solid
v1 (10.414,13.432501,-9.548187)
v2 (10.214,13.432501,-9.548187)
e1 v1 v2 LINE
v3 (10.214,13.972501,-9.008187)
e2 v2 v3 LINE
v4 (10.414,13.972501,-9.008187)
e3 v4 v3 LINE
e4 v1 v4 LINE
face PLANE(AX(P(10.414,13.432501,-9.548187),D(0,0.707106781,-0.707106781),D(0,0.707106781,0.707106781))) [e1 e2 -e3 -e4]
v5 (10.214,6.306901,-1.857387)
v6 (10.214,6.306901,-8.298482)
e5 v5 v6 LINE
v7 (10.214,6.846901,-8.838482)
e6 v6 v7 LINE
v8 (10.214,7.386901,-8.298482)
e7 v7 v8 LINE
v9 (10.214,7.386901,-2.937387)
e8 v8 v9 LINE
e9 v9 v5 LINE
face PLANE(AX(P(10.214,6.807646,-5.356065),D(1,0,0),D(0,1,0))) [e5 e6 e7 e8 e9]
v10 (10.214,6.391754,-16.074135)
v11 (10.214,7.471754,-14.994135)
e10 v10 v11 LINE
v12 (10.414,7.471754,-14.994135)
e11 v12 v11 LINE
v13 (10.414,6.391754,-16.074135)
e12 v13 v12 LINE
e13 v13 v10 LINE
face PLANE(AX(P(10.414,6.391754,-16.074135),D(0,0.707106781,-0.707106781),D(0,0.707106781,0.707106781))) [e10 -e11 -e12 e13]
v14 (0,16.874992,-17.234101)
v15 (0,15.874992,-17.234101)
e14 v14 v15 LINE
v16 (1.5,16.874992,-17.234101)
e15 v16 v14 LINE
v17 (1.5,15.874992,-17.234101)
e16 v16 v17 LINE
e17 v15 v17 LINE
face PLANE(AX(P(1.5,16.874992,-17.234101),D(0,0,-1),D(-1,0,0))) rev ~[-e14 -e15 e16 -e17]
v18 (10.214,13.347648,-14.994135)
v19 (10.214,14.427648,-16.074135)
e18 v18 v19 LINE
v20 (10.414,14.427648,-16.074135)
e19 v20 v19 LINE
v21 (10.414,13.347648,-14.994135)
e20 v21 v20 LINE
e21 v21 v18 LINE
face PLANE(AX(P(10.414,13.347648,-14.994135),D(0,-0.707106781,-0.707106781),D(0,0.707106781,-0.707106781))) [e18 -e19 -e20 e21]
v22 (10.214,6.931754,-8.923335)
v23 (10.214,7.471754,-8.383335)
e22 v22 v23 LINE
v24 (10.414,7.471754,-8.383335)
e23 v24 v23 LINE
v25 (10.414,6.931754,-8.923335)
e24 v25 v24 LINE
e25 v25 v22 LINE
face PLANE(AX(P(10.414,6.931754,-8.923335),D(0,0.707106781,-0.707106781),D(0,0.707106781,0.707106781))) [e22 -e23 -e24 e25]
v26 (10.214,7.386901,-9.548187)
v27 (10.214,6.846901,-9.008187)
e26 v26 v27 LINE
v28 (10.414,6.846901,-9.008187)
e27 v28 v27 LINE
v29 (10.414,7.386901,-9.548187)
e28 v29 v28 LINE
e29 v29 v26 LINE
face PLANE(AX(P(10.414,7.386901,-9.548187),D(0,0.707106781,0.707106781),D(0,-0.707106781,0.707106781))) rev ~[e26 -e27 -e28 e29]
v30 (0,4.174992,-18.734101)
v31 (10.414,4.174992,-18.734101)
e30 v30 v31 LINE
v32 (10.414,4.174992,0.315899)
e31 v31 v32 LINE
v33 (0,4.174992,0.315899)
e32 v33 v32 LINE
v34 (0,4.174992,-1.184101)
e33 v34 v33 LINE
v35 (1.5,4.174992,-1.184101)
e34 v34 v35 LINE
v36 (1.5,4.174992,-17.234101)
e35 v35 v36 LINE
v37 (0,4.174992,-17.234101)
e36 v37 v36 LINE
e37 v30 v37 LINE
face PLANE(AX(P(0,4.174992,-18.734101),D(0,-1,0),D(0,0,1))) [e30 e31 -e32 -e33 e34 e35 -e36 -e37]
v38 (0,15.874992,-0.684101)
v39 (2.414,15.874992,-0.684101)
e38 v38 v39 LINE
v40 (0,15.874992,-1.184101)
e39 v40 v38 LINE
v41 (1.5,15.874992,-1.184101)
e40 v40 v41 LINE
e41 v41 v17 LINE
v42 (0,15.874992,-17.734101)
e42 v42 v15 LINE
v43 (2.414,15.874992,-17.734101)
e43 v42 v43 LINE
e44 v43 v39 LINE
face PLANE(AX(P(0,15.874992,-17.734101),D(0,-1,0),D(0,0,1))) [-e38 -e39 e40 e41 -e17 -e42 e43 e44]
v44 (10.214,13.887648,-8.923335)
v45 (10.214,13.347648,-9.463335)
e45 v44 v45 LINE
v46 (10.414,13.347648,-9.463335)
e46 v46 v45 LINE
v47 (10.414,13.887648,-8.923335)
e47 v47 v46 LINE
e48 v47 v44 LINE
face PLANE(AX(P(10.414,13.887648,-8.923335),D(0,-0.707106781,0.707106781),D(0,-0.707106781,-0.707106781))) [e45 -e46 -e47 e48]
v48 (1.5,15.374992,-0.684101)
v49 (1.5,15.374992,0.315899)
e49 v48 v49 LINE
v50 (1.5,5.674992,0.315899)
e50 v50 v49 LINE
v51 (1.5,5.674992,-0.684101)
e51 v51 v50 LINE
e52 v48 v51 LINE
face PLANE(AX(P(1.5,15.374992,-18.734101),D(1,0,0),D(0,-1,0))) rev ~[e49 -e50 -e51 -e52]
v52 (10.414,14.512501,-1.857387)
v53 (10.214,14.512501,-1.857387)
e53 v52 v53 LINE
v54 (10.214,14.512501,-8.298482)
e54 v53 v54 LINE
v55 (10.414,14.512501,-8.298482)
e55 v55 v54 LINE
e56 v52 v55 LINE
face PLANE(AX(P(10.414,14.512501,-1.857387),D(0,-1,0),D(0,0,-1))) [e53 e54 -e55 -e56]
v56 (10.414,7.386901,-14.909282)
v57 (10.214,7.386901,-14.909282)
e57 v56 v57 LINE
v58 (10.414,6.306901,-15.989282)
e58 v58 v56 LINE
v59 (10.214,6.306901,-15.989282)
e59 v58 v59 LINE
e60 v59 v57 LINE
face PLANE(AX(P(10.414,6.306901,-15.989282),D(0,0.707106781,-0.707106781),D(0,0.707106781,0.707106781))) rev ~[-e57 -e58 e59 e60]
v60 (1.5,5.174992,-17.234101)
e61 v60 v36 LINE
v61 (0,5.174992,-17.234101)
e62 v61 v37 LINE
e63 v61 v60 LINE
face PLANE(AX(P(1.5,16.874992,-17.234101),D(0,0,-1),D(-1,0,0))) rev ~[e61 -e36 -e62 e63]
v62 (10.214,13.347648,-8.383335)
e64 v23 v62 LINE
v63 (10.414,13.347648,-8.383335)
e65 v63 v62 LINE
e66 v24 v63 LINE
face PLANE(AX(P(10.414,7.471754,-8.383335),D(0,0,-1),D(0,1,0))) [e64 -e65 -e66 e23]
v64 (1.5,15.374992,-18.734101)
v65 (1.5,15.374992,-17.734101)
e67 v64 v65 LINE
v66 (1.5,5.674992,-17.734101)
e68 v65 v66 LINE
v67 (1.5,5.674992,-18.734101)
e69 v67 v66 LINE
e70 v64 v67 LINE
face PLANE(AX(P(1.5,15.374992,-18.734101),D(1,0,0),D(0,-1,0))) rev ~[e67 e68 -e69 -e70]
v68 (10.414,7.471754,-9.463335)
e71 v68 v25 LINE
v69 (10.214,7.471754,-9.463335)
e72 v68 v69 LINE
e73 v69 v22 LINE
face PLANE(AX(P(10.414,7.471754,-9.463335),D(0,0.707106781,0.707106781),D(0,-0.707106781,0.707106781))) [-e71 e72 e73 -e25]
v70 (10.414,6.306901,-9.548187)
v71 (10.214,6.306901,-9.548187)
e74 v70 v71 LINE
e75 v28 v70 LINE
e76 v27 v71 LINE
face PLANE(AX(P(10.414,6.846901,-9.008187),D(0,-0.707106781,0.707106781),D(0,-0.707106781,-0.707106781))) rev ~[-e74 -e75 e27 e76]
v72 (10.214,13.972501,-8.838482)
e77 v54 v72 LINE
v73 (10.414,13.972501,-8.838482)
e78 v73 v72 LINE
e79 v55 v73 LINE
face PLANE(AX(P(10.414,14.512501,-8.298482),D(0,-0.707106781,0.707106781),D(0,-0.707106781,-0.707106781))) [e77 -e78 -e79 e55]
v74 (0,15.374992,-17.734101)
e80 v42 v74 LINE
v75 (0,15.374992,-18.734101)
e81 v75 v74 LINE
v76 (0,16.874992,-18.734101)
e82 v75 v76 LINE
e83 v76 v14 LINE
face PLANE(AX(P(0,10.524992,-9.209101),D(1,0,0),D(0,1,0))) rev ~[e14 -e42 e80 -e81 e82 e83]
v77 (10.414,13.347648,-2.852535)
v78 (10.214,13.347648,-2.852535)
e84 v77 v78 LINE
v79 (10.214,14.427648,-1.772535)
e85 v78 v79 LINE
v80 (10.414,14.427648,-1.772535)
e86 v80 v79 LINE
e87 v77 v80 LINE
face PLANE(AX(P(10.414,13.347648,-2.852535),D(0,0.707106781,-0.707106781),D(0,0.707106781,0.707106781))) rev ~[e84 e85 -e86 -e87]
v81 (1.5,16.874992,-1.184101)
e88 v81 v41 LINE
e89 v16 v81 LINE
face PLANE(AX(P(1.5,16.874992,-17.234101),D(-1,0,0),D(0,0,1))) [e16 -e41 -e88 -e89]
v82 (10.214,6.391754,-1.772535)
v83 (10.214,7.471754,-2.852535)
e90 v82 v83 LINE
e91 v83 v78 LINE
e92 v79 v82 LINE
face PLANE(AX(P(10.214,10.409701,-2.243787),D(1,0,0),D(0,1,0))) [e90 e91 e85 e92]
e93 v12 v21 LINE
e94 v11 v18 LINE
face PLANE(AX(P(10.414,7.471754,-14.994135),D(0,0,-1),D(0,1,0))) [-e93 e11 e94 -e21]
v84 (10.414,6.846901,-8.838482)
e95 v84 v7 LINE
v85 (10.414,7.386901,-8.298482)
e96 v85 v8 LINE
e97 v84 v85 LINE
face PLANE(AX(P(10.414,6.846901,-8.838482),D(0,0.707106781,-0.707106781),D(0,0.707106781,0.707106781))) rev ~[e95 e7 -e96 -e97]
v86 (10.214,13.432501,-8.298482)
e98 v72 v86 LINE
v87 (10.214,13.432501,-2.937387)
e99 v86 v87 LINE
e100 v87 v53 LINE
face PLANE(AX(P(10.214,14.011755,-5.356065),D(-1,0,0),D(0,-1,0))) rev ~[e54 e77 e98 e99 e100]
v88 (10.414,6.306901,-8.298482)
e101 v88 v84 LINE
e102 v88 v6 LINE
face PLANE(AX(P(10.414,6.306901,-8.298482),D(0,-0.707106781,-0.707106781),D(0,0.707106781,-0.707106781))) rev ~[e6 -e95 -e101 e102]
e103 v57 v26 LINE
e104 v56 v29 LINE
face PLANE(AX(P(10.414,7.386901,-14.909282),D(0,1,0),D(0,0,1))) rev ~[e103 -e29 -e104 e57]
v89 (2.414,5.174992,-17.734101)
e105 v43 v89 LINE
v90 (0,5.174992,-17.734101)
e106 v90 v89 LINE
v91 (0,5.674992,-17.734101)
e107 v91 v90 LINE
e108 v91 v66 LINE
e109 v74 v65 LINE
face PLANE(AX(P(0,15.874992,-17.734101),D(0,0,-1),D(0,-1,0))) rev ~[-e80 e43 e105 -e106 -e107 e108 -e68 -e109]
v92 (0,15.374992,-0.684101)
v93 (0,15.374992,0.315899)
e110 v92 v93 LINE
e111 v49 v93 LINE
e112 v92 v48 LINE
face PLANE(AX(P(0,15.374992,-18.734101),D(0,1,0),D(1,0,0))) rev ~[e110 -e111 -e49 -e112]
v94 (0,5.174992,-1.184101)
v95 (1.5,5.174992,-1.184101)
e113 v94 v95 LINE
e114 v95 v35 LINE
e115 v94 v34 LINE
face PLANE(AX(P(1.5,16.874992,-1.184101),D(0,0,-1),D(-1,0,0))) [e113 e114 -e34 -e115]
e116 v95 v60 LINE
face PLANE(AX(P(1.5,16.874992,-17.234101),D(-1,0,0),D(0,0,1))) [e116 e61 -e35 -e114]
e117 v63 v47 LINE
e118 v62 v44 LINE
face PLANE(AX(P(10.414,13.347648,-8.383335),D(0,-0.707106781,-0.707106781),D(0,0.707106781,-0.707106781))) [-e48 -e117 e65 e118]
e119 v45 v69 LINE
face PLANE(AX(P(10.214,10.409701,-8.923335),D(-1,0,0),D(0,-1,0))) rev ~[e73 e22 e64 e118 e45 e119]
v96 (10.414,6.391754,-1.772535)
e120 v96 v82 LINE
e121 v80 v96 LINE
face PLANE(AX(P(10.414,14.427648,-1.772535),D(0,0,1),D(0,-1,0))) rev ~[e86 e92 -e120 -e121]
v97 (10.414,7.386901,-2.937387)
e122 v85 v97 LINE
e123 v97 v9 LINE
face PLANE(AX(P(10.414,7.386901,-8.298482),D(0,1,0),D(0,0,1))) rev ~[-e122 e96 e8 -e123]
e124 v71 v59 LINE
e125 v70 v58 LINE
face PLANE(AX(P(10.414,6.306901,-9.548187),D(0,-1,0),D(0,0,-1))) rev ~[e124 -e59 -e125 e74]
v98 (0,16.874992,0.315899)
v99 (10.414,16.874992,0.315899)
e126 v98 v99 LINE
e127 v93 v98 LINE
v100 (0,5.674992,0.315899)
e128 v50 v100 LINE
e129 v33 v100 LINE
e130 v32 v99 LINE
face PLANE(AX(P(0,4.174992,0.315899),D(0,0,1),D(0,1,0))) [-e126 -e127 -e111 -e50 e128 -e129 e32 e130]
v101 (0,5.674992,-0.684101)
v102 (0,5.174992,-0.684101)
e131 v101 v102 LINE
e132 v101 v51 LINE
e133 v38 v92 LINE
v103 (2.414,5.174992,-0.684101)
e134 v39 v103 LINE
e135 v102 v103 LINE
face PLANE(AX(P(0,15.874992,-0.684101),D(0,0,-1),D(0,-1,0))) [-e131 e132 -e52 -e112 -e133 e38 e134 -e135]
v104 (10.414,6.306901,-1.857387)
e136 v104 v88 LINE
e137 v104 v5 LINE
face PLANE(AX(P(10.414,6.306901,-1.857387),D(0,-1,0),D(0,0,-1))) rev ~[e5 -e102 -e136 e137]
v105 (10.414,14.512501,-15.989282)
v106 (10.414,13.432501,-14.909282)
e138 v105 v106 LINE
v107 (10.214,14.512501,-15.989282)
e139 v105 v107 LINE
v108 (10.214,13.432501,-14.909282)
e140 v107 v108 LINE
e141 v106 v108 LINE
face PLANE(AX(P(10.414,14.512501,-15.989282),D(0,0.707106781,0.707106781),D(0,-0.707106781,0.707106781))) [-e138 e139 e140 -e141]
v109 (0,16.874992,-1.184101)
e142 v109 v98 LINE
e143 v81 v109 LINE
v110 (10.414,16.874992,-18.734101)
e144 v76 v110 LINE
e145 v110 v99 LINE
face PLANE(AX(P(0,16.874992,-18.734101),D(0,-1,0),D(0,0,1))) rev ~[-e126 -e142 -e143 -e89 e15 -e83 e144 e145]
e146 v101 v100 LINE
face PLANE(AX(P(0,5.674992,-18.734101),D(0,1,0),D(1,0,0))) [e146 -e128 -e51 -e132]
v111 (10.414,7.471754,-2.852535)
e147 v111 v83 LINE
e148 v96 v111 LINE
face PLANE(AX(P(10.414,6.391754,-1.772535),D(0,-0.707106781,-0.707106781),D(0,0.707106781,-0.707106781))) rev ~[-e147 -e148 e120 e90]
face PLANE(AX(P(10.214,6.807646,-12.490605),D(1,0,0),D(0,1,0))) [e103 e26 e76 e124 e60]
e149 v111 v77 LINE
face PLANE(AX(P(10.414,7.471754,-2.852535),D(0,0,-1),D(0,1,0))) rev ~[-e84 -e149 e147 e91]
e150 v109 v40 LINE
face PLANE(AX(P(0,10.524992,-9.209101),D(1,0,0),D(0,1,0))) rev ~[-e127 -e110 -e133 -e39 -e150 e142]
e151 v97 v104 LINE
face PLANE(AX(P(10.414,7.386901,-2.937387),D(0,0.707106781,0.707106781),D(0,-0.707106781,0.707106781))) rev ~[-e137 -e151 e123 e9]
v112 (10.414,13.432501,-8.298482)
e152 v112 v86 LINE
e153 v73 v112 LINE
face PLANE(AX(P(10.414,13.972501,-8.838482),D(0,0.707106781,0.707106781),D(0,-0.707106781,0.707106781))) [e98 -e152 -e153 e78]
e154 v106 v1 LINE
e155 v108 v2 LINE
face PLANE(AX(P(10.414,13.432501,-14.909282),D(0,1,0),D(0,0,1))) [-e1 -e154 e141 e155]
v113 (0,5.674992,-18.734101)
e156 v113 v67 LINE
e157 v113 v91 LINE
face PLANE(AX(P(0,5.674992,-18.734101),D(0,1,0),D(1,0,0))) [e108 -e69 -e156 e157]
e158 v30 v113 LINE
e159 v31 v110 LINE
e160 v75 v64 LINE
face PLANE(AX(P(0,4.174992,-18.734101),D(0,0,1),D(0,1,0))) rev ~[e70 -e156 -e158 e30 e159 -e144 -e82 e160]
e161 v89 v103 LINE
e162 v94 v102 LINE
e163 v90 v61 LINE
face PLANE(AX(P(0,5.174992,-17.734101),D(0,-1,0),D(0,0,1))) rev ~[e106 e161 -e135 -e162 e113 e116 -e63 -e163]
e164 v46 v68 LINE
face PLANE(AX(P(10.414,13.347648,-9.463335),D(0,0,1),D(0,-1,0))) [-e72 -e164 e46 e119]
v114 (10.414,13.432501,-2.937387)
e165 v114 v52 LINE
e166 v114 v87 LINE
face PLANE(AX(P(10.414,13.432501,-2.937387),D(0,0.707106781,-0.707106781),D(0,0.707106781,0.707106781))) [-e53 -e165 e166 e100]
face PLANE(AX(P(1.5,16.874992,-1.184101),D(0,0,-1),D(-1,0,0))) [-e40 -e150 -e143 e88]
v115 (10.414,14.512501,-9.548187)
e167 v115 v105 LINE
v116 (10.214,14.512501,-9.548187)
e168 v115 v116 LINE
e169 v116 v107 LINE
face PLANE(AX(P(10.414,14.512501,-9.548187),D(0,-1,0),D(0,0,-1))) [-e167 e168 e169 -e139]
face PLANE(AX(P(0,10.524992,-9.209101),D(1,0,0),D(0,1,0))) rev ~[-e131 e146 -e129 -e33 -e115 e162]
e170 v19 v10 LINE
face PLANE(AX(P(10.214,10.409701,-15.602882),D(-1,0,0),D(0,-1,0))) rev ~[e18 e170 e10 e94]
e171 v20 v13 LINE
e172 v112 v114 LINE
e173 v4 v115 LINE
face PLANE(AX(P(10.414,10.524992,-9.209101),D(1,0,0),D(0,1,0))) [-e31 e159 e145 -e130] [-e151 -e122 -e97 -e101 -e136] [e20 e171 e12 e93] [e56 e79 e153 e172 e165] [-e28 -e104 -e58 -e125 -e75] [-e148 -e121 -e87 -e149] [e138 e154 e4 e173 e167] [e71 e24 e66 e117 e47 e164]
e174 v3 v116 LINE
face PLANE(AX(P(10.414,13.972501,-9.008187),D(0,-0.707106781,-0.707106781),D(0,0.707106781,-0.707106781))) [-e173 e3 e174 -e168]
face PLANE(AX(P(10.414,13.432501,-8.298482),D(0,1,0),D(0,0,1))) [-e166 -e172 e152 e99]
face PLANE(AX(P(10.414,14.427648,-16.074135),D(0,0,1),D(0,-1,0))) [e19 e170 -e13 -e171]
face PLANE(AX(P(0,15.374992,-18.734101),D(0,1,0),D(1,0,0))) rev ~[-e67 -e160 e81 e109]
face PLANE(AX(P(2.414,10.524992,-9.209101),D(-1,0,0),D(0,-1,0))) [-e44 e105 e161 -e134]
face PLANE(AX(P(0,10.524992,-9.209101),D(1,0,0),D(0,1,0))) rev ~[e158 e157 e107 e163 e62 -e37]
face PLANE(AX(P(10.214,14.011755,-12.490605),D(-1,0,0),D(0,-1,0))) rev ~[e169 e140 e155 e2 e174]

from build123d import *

# Parameters (mm, degrees)
SKETCH1_W           = 12.7
SKETCH1_H           = 19.05
BOSS_EXTRUDE1_DEPTH = 10.414
SKETCH2_W           = 10.7
SKETCH2_H           = 17.05
CUT_EXTRUDE1_DEPTH  = 2.414
SKETCH4_W           = 1.5
SKETCH4_H           = 16.05
CUT_EXTRUDE2_DEPTH  = 42.414
SKETCH5_W           = 1.5
SKETCH5_H           = 9.7
CUT_EXTRUDE3_DEPTH  = 42.414
CUT_EXTRUDE4_DEPTH  = 0.2


with BuildPart() as part:
    # Sketch1 → Boss-Extrude1 (new body)
    with BuildSketch(Plane.YZ):
        with Locations((10.524991597, -9.20910084)):
            Rectangle(SKETCH1_W, SKETCH1_H)
    extrude(amount=BOSS_EXTRUDE1_DEPTH)

    # Sketch2 → Cut-Extrude1 (cut)
    with BuildSketch(Plane(origin=(0, 0, 0), x_dir=(0, -1, 0), z_dir=(-1, 0, 0))):
        with Locations((-10.524991597, -9.20910084)):
            Rectangle(SKETCH2_W, SKETCH2_H)
    extrude(amount=-CUT_EXTRUDE1_DEPTH, mode=Mode.SUBTRACT)

    # Sketch4 → Cut-Extrude2 (cut)
    with BuildSketch(Plane(origin=(0, 16.874991597, 0), x_dir=(-1, 0, 0), z_dir=(0, 1, 0))):
        with Locations((-0.75, -9.20910084)):
            Rectangle(SKETCH4_W, SKETCH4_H)
    extrude(amount=-CUT_EXTRUDE2_DEPTH, mode=Mode.SUBTRACT)

    # Sketch5 → Cut-Extrude3 (cut)
    with BuildSketch(Plane(origin=(0, 0, -18.73410084), x_dir=(1, 0, 0), z_dir=(0, 0, -1))):
        with Locations((0.75, -10.524991597)):
            Rectangle(SKETCH5_W, SKETCH5_H)
    extrude(amount=-CUT_EXTRUDE3_DEPTH, mode=Mode.SUBTRACT)

    # Sketch6 → Cut-Extrude4 (cut)
    with BuildSketch(Plane.YZ.offset(10.414)):
        Polygon((7.471753677, -14.994134662), (13.347648049, -14.994134662), (14.427648049, -16.074134662), (6.391753677, -16.074134662), align=None)
        Polygon((14.427648049, -1.772534662), (6.391753677, -1.772534662), (7.471753677, -2.852534662), (13.347648049, -2.852534662), align=None)
        Polygon((13.432500863, -14.909281848), (13.432500863, -9.548187475), (13.972500863, -9.008187475), (14.512500863, -9.548187475), (14.512500863, -15.989281848), align=None)
        Polygon((7.386900863, -2.937387475), (6.306900863, -1.857387475), (6.306900863, -8.298481848), (6.846900863, -8.838481848), (7.386900863, -8.298481848), align=None)
        Polygon((13.432500863, -2.937387475), (14.512500863, -1.857387475), (14.512500863, -8.298481848), (13.972500863, -8.838481848), (13.432500863, -8.298481848), align=None)
        Polygon((7.471753677, -8.383334662), (13.347648049, -8.383334662), (13.887648049, -8.923334662), (13.347648049, -9.463334662), (7.471753677, -9.463334662), (6.931753677, -8.923334662), align=None)
        Polygon((6.846900863, -9.008187475), (6.306900863, -9.548187475), (6.306900863, -15.989281848), (7.386900863, -14.909281848), (7.386900863, -9.548187475), align=None)
    extrude(amount=-CUT_EXTRUDE4_DEPTH, mode=Mode.SUBTRACT)


solid = part.part
